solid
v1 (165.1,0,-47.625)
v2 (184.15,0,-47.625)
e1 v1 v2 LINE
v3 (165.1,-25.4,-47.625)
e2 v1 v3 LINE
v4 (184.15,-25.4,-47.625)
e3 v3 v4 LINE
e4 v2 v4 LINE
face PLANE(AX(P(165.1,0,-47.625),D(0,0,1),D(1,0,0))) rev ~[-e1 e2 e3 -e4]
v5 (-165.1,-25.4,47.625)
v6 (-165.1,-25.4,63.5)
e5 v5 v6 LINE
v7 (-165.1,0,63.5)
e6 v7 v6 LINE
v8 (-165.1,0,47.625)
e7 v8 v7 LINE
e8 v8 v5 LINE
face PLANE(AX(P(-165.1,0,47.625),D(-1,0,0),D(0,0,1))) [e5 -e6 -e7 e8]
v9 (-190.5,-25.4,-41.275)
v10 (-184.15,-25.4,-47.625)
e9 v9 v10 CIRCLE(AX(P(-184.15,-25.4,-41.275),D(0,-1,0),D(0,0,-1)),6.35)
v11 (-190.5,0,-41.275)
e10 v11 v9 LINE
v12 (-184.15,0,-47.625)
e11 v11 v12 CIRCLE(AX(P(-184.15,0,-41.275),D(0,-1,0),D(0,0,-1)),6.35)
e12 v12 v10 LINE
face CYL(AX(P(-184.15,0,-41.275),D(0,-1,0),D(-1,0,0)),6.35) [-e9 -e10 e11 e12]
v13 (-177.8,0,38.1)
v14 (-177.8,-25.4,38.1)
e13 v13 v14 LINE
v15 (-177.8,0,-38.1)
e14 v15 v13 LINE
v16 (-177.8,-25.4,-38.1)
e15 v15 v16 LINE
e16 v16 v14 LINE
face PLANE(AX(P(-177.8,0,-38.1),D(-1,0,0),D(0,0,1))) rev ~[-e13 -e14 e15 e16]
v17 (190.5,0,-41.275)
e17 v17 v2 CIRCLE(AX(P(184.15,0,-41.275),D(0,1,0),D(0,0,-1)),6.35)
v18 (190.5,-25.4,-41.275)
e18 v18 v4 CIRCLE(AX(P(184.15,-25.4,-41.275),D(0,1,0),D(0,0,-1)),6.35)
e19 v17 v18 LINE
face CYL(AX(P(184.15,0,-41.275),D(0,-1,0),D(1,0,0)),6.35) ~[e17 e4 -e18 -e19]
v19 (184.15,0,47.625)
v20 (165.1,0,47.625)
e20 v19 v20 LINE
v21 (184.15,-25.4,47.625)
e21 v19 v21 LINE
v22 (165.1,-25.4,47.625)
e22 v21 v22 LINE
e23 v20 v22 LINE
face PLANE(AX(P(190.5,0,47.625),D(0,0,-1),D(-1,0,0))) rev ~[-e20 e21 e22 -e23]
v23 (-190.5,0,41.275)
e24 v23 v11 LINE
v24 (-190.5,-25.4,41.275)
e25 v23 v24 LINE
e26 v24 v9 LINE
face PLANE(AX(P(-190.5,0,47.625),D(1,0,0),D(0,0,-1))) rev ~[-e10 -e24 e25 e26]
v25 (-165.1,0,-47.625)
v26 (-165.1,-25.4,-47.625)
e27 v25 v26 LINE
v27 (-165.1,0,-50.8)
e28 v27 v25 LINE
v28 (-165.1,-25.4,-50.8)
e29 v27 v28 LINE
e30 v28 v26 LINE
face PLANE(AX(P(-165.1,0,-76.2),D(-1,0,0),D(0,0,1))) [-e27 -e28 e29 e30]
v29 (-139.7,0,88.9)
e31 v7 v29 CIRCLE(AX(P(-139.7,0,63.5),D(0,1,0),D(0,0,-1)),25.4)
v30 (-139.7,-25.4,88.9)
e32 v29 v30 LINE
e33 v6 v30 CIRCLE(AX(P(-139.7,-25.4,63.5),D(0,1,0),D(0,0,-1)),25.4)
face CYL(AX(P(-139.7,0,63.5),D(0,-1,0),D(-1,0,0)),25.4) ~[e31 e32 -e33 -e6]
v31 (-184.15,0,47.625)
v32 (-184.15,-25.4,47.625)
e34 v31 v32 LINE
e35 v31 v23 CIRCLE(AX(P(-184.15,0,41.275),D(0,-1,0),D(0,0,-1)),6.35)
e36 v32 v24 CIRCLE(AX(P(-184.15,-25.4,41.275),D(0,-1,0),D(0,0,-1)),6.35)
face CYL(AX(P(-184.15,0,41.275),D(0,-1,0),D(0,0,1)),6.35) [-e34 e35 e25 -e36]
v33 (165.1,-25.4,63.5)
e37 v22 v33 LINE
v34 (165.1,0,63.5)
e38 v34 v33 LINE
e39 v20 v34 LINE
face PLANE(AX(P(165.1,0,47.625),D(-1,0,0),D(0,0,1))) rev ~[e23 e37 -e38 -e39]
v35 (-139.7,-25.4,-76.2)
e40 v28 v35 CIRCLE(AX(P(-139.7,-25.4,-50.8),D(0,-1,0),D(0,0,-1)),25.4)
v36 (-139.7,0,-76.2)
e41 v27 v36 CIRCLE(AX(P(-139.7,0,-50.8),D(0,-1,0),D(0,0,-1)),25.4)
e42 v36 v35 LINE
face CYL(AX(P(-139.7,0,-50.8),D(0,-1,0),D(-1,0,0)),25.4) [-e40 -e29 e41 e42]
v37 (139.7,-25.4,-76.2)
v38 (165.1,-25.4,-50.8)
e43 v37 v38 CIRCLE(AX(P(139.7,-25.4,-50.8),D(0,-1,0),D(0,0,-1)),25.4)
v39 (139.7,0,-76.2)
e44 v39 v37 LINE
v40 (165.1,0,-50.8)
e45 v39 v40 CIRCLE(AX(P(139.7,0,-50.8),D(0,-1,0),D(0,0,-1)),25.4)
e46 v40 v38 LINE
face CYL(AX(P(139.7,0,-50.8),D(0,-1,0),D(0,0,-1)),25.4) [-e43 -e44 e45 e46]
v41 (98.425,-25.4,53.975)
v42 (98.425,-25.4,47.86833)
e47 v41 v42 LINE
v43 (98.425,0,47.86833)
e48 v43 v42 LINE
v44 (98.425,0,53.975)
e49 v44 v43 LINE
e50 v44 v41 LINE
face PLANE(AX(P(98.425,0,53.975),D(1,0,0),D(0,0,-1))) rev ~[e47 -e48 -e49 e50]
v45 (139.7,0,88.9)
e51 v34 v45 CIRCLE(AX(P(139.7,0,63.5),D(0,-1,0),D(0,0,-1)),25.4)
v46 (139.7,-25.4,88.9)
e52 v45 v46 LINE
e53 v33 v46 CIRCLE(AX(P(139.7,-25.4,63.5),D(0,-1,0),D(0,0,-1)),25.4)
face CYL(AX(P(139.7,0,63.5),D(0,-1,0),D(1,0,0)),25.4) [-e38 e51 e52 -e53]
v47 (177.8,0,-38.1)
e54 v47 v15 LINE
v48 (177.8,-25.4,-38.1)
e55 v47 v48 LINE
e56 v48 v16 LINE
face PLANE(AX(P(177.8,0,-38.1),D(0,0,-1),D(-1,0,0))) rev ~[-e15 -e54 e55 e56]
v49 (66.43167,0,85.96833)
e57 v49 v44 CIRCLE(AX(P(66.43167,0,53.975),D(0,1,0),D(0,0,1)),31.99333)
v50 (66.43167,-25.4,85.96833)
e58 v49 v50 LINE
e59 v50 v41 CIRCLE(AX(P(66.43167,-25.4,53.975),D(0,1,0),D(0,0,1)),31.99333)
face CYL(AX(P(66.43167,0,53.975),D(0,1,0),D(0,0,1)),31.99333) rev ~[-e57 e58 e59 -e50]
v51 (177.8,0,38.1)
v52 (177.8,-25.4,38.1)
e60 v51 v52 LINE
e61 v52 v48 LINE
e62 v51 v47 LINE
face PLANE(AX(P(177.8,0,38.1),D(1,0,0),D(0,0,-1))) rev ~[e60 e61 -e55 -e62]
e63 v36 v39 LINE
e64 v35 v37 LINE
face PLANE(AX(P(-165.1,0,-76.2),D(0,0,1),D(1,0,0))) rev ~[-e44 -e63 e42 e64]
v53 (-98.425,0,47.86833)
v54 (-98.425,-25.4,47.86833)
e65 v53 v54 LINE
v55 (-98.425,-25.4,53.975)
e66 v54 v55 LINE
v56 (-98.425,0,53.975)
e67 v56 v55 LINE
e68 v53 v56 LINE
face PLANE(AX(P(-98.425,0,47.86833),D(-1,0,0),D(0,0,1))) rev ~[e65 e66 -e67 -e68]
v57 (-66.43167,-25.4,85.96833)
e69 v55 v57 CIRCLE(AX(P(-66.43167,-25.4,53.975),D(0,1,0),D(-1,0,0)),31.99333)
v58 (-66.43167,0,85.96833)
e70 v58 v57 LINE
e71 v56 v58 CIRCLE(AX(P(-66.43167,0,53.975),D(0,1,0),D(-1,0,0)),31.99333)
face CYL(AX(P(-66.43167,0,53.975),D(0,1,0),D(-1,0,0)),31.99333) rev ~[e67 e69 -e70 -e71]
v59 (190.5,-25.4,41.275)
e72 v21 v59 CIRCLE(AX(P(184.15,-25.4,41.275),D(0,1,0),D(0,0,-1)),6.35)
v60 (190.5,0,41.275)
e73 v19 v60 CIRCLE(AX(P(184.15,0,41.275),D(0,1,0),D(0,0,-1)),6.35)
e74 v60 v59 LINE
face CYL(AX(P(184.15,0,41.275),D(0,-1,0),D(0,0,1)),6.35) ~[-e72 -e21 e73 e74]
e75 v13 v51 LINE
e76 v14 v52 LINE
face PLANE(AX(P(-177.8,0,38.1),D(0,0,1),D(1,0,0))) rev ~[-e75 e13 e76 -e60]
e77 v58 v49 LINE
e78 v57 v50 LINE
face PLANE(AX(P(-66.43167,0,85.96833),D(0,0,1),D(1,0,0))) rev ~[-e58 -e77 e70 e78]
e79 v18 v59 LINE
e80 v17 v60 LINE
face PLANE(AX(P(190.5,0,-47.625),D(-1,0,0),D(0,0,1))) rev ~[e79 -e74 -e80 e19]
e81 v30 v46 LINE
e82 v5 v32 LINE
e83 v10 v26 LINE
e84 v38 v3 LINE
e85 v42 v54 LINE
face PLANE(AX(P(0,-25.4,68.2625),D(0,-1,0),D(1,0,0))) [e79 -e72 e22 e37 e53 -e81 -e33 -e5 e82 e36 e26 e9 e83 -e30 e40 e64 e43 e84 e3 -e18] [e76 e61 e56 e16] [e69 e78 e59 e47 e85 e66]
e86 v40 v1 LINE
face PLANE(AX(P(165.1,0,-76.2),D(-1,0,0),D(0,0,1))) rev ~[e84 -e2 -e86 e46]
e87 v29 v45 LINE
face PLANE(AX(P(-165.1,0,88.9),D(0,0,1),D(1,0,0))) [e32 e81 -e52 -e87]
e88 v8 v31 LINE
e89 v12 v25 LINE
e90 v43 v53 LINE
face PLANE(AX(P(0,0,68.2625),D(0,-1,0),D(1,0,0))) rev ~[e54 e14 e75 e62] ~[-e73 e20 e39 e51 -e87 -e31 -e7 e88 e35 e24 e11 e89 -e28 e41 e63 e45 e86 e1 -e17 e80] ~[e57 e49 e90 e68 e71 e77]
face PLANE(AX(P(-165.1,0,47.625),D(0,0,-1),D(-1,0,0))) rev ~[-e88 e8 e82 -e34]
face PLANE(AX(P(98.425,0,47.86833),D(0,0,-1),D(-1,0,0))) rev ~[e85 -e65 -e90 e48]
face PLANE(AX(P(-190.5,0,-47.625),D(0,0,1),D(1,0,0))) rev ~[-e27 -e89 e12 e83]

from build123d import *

# Parameters (mm, degrees)
F0_W     = 330.2
F0_H     = 41.275
F0_H_2   = 9.525
F0_H_3   = 28.575
F1_DEPTH = 25.4
F2_R     = 25.4
F3_R     = 6.35


with BuildPart() as f1:
    # F0 (on Front) → F1 (new body)
    with BuildSketch(Plane.XZ):
        with Locations((0, 68.2625)):
            Rectangle(F0_W, F0_H)
        Polygon((66.4316704035, 85.9683295965), (98.425, 85.9683295965), (98.425, 53.975), (98.425, 47.8683295965), (-98.425, 47.8683295965), (-98.425, 53.975), (-98.425, 85.9683295965), (-66.4316704035, 85.9683295965), align=None, mode=Mode.SUBTRACT)
        with BuildLine():
            ThreePointArc((-98.425, 53.975), (-89.0543707139, 76.5977003104), (-66.4316704035, 85.9683295965))
            Line((-66.4316704035, 85.9683295965), (-98.425, 85.9683295965))
            Line((-98.425, 85.9683295965), (-98.425, 53.975))
        make_face()
        with BuildLine():
            Line((98.425, 53.975), (98.425, 85.9683295965))
            Line((98.425, 85.9683295965), (66.4316704035, 85.9683295965))
            ThreePointArc((66.4316704035, 85.9683295965), (89.0543707139, 76.5977003104), (98.425, 53.975))
        make_face()
        Polygon((-190.5, -47.625), (-165.1, -47.625), (-165.1, -38.1), (-177.8, -38.1), (-177.8, 38.1), (-165.1, 38.1), (-165.1, 47.625), (-190.5, 47.625), align=None)
        with Locations((0, 42.8625)):
            Rectangle(F0_W, F0_H_2)
        Polygon((165.1, -47.625), (190.5, -47.625), (190.5, 47.625), (165.1, 47.625), (165.1, 38.1), (177.8, 38.1), (177.8, -38.1), (165.1, -38.1), align=None)
        with Locations((0, -42.8625)):
            Rectangle(F0_W, F0_H_2)
        with Locations((0, -61.9125)):
            Rectangle(F0_W, F0_H_3)
    extrude(amount=F1_DEPTH)

    # F2
    f2_edges = [f1.edges().sort_by_distance(p)[0] for p in [
        (-165.1, -12.7, 88.9),
        (165.1, -12.7, 88.9),
        (-165.1, -12.7, -76.2),
        (165.1, -12.7, -76.2),
    ]]
    fillet(f2_edges, radius=F2_R)

    # F3
    f3_edges = [f1.edges().sort_by_distance(p)[0] for p in [
        (-190.5, -12.7, 47.625),
        (-190.5, -12.7, -47.625),
        (190.5, -12.7, -47.625),
        (190.5, -12.7, 47.625),
    ]]
    fillet(f3_edges, radius=F3_R)


solid = f1.part
